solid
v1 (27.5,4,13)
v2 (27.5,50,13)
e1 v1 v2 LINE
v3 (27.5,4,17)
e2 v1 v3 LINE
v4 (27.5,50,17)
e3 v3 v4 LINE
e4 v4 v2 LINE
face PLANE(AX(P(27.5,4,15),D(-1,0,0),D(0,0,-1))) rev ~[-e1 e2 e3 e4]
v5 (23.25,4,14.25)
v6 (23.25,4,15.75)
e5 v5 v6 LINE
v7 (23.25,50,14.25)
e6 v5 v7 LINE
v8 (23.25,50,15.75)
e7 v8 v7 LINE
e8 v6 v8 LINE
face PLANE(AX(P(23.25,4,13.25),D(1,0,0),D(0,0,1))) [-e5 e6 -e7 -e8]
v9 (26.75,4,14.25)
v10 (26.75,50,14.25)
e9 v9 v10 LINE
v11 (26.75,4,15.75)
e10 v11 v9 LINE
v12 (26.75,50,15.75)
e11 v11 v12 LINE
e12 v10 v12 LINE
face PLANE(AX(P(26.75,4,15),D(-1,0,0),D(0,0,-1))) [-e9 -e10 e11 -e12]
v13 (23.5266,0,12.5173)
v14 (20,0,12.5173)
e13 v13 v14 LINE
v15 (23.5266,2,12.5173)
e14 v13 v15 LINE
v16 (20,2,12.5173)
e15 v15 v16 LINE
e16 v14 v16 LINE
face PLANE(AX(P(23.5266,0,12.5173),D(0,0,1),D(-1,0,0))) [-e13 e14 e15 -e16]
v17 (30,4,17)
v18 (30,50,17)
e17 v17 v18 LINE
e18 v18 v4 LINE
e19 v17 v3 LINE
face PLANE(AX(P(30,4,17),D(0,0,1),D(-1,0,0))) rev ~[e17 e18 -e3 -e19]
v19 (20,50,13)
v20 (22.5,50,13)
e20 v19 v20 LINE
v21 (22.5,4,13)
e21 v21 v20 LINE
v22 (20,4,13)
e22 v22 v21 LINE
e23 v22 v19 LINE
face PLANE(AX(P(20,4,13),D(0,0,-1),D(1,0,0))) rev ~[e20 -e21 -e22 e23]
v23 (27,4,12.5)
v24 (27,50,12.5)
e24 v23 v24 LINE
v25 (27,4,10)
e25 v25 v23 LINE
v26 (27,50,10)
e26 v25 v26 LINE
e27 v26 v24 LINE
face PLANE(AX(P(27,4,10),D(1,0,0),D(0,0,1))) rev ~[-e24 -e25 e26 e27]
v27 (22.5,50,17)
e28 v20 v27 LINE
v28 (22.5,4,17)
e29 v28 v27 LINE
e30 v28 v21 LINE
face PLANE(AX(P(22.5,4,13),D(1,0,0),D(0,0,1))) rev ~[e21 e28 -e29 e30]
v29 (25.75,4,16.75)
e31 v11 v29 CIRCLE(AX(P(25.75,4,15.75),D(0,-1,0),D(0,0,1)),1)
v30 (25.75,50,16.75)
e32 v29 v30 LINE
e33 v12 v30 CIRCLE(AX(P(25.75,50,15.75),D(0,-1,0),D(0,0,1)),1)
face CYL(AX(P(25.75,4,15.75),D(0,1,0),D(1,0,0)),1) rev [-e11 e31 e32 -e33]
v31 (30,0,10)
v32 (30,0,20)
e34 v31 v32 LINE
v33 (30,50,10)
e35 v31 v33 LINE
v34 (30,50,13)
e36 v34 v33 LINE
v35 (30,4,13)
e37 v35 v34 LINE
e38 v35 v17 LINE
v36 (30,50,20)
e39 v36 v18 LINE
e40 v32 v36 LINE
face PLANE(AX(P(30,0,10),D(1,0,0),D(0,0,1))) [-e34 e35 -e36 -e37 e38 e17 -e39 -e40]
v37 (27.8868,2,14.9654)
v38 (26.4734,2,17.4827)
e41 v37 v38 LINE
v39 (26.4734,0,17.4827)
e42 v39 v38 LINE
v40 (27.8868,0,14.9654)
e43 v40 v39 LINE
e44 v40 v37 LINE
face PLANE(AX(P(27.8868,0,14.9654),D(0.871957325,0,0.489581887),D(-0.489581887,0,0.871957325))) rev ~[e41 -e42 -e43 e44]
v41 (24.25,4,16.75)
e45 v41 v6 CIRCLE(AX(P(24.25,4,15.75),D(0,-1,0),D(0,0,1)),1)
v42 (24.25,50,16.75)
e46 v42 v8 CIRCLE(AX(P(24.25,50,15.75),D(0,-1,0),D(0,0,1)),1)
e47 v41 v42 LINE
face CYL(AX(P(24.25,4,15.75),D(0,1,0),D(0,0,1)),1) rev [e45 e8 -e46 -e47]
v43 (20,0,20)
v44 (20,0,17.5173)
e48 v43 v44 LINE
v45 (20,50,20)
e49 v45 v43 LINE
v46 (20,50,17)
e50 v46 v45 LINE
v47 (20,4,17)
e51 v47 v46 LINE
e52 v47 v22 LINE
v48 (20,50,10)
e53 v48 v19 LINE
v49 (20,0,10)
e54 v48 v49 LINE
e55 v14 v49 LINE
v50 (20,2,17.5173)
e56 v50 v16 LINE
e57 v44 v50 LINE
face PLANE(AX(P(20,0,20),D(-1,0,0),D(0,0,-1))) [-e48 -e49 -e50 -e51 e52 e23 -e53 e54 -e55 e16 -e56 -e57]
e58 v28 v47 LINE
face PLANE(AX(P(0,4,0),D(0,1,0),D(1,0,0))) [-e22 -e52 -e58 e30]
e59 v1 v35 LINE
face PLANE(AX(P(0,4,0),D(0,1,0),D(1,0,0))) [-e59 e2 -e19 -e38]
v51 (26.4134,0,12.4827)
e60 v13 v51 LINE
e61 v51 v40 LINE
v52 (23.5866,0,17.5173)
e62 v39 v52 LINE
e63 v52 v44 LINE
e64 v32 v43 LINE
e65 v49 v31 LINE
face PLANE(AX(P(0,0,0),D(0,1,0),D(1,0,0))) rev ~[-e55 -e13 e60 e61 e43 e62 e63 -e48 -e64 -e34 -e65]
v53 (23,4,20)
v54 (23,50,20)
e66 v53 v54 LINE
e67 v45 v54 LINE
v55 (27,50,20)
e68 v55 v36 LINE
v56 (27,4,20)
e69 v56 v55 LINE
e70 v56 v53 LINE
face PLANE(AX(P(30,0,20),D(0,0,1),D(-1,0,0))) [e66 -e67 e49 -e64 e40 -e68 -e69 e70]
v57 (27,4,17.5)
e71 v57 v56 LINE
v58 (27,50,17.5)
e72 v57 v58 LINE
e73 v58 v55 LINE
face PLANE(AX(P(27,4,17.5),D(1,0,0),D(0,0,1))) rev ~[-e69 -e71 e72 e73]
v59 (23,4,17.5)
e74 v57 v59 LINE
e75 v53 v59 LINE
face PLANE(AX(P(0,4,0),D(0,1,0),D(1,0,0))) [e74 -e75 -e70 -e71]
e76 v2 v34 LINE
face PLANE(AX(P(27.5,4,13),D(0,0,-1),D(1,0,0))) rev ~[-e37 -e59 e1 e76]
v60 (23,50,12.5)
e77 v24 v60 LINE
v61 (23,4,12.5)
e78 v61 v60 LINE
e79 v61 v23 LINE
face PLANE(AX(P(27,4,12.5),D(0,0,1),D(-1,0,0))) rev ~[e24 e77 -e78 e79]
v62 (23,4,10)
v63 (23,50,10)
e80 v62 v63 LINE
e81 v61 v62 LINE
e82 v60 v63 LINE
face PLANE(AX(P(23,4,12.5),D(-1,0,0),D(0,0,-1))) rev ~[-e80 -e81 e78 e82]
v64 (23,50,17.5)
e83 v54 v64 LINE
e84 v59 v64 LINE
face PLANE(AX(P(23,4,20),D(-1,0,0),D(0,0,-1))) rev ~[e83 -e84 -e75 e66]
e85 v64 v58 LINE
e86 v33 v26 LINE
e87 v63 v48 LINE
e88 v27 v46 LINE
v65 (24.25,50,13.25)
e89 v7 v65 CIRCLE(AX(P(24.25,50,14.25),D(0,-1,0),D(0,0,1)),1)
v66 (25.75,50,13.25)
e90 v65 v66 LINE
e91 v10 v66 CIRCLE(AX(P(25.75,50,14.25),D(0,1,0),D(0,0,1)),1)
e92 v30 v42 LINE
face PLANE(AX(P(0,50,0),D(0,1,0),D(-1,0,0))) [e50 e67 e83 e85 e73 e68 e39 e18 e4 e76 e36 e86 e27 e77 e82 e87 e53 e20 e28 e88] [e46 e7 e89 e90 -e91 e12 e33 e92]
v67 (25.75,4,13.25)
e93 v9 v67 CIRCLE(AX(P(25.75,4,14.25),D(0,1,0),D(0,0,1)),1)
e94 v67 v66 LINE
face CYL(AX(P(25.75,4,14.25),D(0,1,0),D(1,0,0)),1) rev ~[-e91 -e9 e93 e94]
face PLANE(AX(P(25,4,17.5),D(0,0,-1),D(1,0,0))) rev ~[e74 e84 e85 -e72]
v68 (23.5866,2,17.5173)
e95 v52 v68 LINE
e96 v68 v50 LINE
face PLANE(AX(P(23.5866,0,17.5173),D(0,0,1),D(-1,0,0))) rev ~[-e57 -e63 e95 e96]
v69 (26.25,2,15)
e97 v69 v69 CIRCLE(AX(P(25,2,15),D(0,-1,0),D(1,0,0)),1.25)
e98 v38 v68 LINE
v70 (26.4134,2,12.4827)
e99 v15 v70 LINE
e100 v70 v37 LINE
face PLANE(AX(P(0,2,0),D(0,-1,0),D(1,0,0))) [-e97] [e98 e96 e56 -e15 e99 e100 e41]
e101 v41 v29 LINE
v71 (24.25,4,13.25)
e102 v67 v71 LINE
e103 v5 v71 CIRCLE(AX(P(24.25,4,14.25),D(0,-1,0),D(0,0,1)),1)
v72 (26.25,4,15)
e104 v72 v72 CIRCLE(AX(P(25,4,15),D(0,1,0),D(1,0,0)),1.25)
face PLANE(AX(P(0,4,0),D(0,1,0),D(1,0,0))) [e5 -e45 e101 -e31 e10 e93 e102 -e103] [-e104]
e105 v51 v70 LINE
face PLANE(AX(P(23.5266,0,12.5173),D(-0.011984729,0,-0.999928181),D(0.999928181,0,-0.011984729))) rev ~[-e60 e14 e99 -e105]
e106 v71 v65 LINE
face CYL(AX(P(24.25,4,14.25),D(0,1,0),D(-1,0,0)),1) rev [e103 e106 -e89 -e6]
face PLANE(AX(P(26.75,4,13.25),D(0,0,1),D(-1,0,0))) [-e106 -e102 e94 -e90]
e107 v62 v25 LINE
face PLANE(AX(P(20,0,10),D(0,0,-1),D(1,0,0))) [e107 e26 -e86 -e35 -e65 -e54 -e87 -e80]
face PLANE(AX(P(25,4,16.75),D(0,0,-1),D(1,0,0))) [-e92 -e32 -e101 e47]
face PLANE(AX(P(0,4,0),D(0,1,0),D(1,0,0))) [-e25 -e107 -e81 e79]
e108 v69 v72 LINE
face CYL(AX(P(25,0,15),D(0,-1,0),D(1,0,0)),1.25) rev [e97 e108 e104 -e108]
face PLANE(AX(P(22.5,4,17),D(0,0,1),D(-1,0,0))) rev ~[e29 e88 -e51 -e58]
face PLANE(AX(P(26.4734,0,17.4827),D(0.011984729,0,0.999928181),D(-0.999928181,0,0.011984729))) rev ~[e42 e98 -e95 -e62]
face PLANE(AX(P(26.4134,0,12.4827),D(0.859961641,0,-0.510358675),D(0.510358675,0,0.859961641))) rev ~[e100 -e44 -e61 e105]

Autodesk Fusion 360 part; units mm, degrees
sketch "Esquisse1" plane through (0, 0, 0) normal (0, 1, 0) x (1, 0, 0)
  line L0 (30, -20) -> (20, -20)
  line L1 (20, -20) -> (20, -10)
  line L2 (20, -10) -> (30, -10)
  line L3 (30, -10) -> (30, -20)
  circle A0 centre (25, -15) radius 1.25
  dimension "d1" = 10
  dimension "d2" = 10
  dimension "d22" = 2.5
extrude "Extrusion3" add sketch "Esquisse1" along normal blind 4
sketch "Esquisse3" plane through (0, 4, 0) normal (0, 1, 0) x (-1, 0, 0)
  circle A0 centre (-25, 15) radius 1.25
  line L0 (-30, 10) -> (-20, 10)
  line L1 (-20, 10) -> (-20, 20)
  line L2 (-20, 20) -> (-30, 20)
  line L3 (-30, 20) -> (-30, 10)
  line L4 (-30, 20) -> (-30, 17)
  line L5 (-30, 17) -> (-27.5, 17)
  line L6 (-27.5, 17) -> (-27.5, 15)
  line L7 (-27.5, 15) -> (-27, 15)
  line L8 (-25, 16.75) -> (-25, 17.5)
  line L9 (-25, 17.5) -> (-27, 17.5)
  line L10 (-27, 17.5) -> (-27, 20)
  line L11 (-27, 20) -> (-30, 20)
  line L12 (-30, 17) -> (-30, 20)
  line L13 (-26.75, 15) -> (-27.625, 15)
  line L14 (-25, 17.5) -> (-25, 17)
  line L15 (-25, 16.75) -> (-26.75, 16.75)
  line L16 (-26.75, 16.75) -> (-26.75, 15)
  line L17 (-27.5, 13) -> (-30, 13)
  line L18 (-30, 13) -> (-30, 10)
  line L19 (-30, 10) -> (-27, 10)
  line L20 (-27, 12.5) -> (-25, 12.5)
  line L21 (-25, 12.5) -> (-25, 13)
  line L22 (-27, 10) -> (-27, 12.5)
  line L23 (-25, 13.25) -> (-25, 12.375)
  line L24 (-26.75, 13.25) -> (-25, 13.25)
  line L25 (-26.75, 15) -> (-26.75, 13.25)
  line L26 (-26.75, 15) -> (-27.5, 15)
  line L27 (-27.5, 15) -> (-27.5, 13)
  line L28 (-23, 12.5) -> (-23, 10)
  line L29 (-23, 10) -> (-20, 10)
  line L30 (-20, 10) -> (-20, 13)
  line L31 (-22.5, 13) -> (-22.5, 15)
  line L32 (-22.5, 15) -> (-23, 15)
  line L33 (-20, 13) -> (-22.5, 13)
  line L34 (-23.25, 15) -> (-22.375, 15)
  line L35 (-23.25, 13.25) -> (-23.25, 15)
  line L36 (-25, 13.25) -> (-23.25, 13.25)
  line L37 (-25, 13.25) -> (-25, 12.5)
  line L38 (-25, 12.5) -> (-23, 12.5)
  line L39 (-22.5, 17) -> (-20, 17)
  line L40 (-20, 17) -> (-20, 20)
  line L41 (-20, 20) -> (-23, 20)
  line L42 (-23, 17.5) -> (-25, 17.5)
  line L43 (-25, 17.5) -> (-25, 17)
  line L44 (-23, 20) -> (-23, 17.5)
  line L45 (-25, 16.75) -> (-25, 17.625)
  line L46 (-23.25, 16.75) -> (-25, 16.75)
  line L47 (-23.25, 15) -> (-23.25, 16.75)
  line L48 (-23.25, 15) -> (-22.5, 15)
  line L49 (-22.5, 15) -> (-22.5, 17)
  dimension "d19" = 2.5
  dimension "d20" = 2.5
  dimension "d21" = 2.5
  dimension "d25" = 360
  dimension "d27" = 0.75
  dimension "d28" = 0.75
  dimension "d36" = 4
  dimension "d37" = 3
  dimension "d38" = 3
  dimension "d39" = 3.5
extrude "Extrusion6" add sketch "Esquisse3" along normal blind 46 contours L0 L3 L7 L13 L17 L18 L19 L20 L21 L22 L23 L24 L25 L26 L27 L37 | L0 L1 L21 L23 L28 L29 L30 L31 L32 L33 L34 L35 L36 L37 L38 L48 | L2 L3 L4 L5 L6 L7 L8 L9 L10 L11 L12 L13 L14 L15 L16 L26 L43 L45 | L1 L2 L8 L14 L32 L34 L39 L40 L41 L42 L43 L44 L45 L46 L47 L48 L49
fillet "Congé2" radius 1 4 edges at (23.25, 27, 13.25) (26.75, 27, 13.25) (26.75, 27, 16.75) (23.25, 27, 16.75)
sketch "Esquisse4" plane through (0, 0, 0) normal (0, -1, 0) x (1, 0, 0)
  circle A0 centre (25, 15) radius 1.25
  line L0 (20, 10) -> (30, 10)
  line L1 (30, 10) -> (30, 20)
  line L2 (30, 20) -> (20, 20)
  line L3 (20, 20) -> (20, 10)
  line L4 (23.5266, 12.5173) -> (26.4134, 12.4827)
  line L5 (26.4134, 12.4827) -> (27.8868, 14.9654)
  line L6 (27.8868, 14.9654) -> (26.4734, 17.4827)
  line L7 (26.4734, 17.4827) -> (23.5866, 17.5173)
  line L8 (23.5866, 17.5173) -> (20, 17.5173)
  line L9 (23.5266, 12.5173) -> (20, 12.5173)
  point P0 (25, 15)
extrude "Extrusion7" cut sketch "Esquisse4" against normal blind 2 contours L3 L4 L5 L6 L7 L8 L9
